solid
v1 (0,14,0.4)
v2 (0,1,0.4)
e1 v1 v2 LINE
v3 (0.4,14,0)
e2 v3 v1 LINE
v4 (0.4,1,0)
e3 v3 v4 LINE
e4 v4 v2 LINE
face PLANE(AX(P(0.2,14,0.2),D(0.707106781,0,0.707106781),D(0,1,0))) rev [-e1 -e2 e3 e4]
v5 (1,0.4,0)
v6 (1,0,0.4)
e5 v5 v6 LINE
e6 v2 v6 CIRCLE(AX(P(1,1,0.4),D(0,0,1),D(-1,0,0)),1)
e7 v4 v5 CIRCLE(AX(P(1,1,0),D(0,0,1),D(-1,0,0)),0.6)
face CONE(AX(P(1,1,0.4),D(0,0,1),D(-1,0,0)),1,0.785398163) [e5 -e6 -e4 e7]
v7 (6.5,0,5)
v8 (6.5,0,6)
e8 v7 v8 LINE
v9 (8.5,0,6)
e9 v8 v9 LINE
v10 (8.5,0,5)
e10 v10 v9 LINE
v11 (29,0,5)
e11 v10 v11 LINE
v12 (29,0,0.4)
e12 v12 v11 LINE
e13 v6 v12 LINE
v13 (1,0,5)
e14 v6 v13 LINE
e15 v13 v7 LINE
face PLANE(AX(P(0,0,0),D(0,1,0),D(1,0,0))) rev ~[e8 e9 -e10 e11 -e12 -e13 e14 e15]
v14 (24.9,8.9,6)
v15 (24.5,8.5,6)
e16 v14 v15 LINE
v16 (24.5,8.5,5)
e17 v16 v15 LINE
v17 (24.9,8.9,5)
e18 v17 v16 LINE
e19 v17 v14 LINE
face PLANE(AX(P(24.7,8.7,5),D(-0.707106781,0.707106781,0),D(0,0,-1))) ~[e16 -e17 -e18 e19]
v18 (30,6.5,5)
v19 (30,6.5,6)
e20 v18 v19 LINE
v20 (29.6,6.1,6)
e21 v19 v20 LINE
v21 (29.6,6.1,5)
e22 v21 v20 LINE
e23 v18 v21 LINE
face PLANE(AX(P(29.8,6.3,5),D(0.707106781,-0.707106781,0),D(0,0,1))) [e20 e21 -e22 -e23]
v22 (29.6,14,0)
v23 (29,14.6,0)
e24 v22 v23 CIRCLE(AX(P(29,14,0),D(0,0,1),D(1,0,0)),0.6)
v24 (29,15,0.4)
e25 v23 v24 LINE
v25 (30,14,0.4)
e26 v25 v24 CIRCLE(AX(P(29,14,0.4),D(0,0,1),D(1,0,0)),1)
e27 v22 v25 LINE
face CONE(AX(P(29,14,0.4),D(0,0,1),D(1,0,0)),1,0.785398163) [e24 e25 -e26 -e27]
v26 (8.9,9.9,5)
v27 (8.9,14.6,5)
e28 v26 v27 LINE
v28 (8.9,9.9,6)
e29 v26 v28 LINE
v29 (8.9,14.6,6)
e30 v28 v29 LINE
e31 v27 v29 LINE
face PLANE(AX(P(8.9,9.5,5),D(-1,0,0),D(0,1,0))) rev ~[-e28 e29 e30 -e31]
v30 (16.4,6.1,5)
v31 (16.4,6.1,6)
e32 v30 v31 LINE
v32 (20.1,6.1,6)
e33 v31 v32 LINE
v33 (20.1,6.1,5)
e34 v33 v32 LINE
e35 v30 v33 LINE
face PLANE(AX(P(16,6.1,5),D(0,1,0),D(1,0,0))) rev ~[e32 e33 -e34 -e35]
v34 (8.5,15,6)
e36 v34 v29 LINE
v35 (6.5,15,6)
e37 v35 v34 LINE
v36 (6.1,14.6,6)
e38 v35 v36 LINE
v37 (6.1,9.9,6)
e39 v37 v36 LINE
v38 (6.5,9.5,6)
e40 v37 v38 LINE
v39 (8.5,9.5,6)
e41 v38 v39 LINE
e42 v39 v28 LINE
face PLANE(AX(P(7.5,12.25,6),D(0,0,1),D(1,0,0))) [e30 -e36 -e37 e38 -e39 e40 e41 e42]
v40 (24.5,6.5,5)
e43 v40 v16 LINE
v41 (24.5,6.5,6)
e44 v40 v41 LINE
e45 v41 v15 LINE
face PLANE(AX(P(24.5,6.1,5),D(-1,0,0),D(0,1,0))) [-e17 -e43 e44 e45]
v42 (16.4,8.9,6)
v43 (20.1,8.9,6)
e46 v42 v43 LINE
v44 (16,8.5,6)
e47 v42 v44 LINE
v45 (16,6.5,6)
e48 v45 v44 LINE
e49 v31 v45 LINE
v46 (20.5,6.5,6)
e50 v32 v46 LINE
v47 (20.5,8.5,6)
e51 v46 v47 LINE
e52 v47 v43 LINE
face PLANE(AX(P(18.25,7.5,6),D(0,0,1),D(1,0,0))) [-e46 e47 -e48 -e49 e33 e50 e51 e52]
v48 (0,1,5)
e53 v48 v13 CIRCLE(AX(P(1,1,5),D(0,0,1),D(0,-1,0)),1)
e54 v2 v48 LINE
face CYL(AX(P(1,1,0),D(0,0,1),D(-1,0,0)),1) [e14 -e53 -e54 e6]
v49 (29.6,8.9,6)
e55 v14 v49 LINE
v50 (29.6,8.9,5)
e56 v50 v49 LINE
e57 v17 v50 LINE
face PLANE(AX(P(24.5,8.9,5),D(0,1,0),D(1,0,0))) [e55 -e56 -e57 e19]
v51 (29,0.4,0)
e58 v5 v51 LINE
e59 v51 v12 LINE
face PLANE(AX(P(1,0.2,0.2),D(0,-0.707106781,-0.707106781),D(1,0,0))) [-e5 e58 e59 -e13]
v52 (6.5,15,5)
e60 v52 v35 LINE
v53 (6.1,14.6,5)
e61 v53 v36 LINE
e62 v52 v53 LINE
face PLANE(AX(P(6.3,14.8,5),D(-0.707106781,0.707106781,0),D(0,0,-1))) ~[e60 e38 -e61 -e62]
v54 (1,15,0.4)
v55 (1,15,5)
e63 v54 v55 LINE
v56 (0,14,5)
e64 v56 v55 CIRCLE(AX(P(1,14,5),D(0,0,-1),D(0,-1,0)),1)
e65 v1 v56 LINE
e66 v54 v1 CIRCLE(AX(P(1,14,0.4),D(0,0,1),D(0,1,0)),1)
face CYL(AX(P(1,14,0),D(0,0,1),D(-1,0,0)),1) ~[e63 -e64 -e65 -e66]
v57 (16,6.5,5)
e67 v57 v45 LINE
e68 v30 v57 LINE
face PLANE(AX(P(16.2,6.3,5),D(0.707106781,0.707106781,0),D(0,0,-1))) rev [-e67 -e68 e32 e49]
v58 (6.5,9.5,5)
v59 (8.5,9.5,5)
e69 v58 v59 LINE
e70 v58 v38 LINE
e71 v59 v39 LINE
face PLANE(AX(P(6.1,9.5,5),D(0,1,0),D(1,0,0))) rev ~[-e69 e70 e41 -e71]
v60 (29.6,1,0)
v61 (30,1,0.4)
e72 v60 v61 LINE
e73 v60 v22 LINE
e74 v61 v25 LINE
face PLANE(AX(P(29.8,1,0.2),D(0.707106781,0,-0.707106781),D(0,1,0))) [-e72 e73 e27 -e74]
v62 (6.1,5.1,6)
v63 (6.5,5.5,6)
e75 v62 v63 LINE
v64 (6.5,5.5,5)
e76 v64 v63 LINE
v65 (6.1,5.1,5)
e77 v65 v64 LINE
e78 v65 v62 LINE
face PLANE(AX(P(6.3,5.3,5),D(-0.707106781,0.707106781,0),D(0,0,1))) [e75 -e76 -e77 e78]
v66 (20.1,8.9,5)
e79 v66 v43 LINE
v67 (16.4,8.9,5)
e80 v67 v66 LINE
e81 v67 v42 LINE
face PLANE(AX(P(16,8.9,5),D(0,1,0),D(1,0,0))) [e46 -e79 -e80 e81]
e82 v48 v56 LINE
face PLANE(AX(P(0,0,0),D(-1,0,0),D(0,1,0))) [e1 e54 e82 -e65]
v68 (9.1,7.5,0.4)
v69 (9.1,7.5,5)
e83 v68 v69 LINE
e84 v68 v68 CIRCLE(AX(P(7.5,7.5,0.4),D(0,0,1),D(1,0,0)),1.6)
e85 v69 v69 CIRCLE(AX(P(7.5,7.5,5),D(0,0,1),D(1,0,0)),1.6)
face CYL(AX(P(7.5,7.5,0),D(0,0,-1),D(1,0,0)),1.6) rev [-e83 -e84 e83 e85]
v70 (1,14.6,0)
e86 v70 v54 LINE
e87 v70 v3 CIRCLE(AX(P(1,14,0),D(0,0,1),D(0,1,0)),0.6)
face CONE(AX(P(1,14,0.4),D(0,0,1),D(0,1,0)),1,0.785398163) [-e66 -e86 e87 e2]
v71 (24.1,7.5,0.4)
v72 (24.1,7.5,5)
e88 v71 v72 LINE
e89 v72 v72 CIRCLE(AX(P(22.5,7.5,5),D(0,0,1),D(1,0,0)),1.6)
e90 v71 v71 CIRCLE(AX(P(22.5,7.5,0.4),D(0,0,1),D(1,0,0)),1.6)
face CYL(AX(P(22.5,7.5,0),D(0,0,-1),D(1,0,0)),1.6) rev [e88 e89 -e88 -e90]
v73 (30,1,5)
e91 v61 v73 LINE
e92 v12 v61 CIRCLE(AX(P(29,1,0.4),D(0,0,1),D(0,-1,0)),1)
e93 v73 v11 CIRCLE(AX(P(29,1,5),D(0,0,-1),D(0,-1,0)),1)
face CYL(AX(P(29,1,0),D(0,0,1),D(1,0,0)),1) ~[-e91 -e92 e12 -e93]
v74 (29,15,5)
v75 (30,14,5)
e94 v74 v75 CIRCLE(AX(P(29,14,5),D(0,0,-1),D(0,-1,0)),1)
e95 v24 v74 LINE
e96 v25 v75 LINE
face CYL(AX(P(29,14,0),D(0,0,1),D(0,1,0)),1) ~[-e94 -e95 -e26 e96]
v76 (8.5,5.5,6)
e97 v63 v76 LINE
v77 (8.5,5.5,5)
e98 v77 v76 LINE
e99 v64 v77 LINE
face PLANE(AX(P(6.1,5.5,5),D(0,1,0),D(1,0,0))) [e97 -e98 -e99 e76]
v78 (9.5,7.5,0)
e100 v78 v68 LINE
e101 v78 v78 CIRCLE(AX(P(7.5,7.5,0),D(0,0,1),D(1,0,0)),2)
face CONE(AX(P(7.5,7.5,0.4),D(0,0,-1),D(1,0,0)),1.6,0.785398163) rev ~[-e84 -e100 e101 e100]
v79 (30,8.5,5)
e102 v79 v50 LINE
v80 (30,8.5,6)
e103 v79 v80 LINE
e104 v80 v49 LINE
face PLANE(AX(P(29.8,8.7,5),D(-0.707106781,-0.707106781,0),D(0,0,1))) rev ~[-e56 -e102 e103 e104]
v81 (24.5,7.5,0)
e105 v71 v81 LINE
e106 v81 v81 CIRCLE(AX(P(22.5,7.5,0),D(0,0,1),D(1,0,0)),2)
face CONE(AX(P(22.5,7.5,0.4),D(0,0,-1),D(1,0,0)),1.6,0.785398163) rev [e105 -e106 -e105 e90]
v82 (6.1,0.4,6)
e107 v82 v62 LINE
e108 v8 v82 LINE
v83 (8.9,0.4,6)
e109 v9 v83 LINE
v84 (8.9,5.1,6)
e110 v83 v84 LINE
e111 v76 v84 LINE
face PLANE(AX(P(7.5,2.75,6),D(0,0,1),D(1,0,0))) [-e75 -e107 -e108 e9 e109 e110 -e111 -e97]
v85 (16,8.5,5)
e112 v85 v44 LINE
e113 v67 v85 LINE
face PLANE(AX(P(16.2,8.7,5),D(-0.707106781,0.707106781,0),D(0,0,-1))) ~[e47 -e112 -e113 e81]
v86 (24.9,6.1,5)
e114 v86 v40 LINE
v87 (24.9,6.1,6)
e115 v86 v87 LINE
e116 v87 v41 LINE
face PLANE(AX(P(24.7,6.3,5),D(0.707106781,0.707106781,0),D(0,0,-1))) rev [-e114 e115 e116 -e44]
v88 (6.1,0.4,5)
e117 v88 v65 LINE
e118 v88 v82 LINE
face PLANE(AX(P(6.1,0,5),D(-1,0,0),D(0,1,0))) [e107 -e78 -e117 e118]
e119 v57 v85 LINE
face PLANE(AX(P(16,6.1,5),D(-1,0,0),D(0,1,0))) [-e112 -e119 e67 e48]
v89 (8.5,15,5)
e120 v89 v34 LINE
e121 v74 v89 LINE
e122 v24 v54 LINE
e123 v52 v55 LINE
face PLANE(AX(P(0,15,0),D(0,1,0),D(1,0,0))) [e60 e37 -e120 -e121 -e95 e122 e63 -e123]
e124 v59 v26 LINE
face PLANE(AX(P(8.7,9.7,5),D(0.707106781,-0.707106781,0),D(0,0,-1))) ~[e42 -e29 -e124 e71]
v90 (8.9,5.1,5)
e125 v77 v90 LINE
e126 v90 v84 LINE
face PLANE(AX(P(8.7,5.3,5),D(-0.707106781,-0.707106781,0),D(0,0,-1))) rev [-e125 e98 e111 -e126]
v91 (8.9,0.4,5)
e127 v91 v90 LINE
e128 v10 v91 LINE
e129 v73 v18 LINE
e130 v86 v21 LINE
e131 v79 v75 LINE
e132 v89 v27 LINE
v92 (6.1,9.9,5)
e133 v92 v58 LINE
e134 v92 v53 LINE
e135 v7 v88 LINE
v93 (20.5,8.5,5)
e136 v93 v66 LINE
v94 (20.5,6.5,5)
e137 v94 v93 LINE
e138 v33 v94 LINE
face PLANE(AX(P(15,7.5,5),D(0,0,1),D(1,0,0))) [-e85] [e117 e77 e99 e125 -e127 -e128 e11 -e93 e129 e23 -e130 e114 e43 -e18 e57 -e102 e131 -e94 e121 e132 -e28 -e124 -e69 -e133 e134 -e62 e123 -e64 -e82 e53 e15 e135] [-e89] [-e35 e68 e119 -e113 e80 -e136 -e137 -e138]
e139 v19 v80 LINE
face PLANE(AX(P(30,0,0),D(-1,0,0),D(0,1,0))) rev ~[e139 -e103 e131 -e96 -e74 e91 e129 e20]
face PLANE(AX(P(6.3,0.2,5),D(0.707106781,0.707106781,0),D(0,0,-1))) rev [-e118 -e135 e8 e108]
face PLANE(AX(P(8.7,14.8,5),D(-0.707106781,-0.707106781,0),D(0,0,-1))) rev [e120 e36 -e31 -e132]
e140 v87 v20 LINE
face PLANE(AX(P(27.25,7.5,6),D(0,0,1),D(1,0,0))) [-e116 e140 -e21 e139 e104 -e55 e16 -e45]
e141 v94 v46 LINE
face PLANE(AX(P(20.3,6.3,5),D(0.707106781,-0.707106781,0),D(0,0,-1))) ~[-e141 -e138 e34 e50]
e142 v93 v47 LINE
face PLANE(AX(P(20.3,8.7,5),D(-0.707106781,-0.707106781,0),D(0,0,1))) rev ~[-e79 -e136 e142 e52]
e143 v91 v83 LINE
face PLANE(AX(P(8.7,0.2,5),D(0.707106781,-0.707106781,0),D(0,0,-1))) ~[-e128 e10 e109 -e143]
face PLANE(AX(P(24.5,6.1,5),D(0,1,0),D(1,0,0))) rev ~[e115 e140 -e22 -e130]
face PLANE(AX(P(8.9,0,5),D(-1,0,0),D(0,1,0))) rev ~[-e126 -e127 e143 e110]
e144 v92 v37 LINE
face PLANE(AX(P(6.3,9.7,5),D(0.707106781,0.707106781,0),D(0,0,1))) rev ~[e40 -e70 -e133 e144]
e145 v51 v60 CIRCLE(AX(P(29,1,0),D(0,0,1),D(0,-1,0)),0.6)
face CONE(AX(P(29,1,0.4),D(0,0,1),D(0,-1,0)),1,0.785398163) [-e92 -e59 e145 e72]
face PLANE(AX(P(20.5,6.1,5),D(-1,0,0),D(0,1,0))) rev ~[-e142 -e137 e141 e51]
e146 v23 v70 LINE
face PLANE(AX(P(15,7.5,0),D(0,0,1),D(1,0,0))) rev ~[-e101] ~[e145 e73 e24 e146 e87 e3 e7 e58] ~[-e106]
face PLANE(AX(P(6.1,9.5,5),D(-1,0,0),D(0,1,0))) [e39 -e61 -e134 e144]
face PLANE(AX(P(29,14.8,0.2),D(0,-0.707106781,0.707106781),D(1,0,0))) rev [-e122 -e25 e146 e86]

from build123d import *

# Parameters (mm, degrees)
SKETCH039_W                                      = 30
SKETCH039_H                                      = 15
SKETCH039_R                                      = 1.6
PAD008_DEPTH                                     = 5
SKETCH040_W                                      = 4.5
SKETCH040_H                                      = 2.8
SKETCH040_W_2                                    = 5.5
SKETCH040_W_3                                    = 2.8
SKETCH040_H_2                                    = 5.5
PAD009_DEPTH                                     = 1
PAD010_DEPTH                                     = 1
FILLET002_R                                      = 1
CHAMFER004013007011015006009007001005003045_SIZE = 0.4
CHAMFER004013007011015006009007001005003046_SIZE = 0.4


with BuildPart() as part:
    # Sketch039 → Pad008 (new body)
    with BuildSketch(Plane.XY):
        with Locations((15, 7.5)):
            Rectangle(SKETCH039_W, SKETCH039_H)
        with Locations((7.5, 7.5)):
            Circle(SKETCH039_R, mode=Mode.SUBTRACT)
        with Locations((22.5, 7.5)):
            Circle(SKETCH039_R, mode=Mode.SUBTRACT)
    extrude(amount=PAD008_DEPTH)

    # Sketch040 (on Face8 of Pad008) → Pad009 (join)
    with BuildSketch(Plane.XY.offset(5)):
        with Locations((18.25, 7.5)):
            Rectangle(SKETCH040_W, SKETCH040_H)
        with Locations((27.25, 7.5)):
            Rectangle(SKETCH040_W_2, SKETCH040_H)
        with Locations((7.5, 12.25)):
            Rectangle(SKETCH040_W_3, SKETCH040_H_2)
        with Locations((7.5, 2.75)):
            Rectangle(SKETCH040_W_3, SKETCH040_H_2)
    extrude(amount=PAD009_DEPTH)

    # Sketch040 (on Face8 of Pad008) → Pad010 (join)
    with BuildSketch(Plane.XY.offset(5)):
        with Locations((18.25, 7.5)):
            Rectangle(SKETCH040_W, SKETCH040_H)
        with Locations((27.25, 7.5)):
            Rectangle(SKETCH040_W_2, SKETCH040_H)
        with Locations((7.5, 12.25)):
            Rectangle(SKETCH040_W_3, SKETCH040_H_2)
        with Locations((7.5, 2.75)):
            Rectangle(SKETCH040_W_3, SKETCH040_H_2)
    extrude(amount=PAD010_DEPTH)

    # Fillet002
    fillet002_edges = [part.edges().sort_by_distance(p)[0] for p in [
        (30, 0, 2.5),
        (30, 15, 2.5),
        (0, 15, 2.5),
        (0, 0, 2.5),
    ]]
    fillet(fillet002_edges, radius=FILLET002_R)

    # Chamfer004013007011015006009007001005003045
    chamfer004013007011015006009007001005003045_edges = [part.edges().sort_by_distance(p)[0] for p in [
        (30, 8.9, 5.5),
        (24.5, 8.9, 5.5),
        (20.5, 8.9, 5.5),
        (16, 8.9, 5.5),
        (16, 6.1, 5.5),
        (8.9, 15, 5.5),
        (6.1, 15, 5.5),
        (8.9, 5.5, 5.5),
        (6.1, 5.5, 5.5),
        (6.1, 9.5, 5.5),
        (6.1, 0, 5.5),
        (8.9, 9.5, 5.5),
        (8.9, 0, 5.5),
        (20.5, 6.1, 5.5),
        (24.5, 6.1, 5.5),
        (30, 6.1, 5.5),
    ]]
    chamfer(chamfer004013007011015006009007001005003045_edges, length=CHAMFER004013007011015006009007001005003045_SIZE)

    # Chamfer004013007011015006009007001005003046
    chamfer004013007011015006009007001005003046_edges = [part.edges().sort_by_distance(p)[0] for p in [
        (15, 0, 0),
        (29.707107, 0.292893, 0),
        (30, 7.5, 0),
        (29.707107, 14.707107, 0),
        (15, 15, 0),
        (0.292893, 14.707107, 0),
        (0, 7.5, 0),
        (0.292893, 0.292893, 0),
        (20.9, 7.5, 0),
        (5.9, 7.5, 0),
    ]]
    chamfer(chamfer004013007011015006009007001005003046_edges, length=CHAMFER004013007011015006009007001005003046_SIZE)


solid = part.part
